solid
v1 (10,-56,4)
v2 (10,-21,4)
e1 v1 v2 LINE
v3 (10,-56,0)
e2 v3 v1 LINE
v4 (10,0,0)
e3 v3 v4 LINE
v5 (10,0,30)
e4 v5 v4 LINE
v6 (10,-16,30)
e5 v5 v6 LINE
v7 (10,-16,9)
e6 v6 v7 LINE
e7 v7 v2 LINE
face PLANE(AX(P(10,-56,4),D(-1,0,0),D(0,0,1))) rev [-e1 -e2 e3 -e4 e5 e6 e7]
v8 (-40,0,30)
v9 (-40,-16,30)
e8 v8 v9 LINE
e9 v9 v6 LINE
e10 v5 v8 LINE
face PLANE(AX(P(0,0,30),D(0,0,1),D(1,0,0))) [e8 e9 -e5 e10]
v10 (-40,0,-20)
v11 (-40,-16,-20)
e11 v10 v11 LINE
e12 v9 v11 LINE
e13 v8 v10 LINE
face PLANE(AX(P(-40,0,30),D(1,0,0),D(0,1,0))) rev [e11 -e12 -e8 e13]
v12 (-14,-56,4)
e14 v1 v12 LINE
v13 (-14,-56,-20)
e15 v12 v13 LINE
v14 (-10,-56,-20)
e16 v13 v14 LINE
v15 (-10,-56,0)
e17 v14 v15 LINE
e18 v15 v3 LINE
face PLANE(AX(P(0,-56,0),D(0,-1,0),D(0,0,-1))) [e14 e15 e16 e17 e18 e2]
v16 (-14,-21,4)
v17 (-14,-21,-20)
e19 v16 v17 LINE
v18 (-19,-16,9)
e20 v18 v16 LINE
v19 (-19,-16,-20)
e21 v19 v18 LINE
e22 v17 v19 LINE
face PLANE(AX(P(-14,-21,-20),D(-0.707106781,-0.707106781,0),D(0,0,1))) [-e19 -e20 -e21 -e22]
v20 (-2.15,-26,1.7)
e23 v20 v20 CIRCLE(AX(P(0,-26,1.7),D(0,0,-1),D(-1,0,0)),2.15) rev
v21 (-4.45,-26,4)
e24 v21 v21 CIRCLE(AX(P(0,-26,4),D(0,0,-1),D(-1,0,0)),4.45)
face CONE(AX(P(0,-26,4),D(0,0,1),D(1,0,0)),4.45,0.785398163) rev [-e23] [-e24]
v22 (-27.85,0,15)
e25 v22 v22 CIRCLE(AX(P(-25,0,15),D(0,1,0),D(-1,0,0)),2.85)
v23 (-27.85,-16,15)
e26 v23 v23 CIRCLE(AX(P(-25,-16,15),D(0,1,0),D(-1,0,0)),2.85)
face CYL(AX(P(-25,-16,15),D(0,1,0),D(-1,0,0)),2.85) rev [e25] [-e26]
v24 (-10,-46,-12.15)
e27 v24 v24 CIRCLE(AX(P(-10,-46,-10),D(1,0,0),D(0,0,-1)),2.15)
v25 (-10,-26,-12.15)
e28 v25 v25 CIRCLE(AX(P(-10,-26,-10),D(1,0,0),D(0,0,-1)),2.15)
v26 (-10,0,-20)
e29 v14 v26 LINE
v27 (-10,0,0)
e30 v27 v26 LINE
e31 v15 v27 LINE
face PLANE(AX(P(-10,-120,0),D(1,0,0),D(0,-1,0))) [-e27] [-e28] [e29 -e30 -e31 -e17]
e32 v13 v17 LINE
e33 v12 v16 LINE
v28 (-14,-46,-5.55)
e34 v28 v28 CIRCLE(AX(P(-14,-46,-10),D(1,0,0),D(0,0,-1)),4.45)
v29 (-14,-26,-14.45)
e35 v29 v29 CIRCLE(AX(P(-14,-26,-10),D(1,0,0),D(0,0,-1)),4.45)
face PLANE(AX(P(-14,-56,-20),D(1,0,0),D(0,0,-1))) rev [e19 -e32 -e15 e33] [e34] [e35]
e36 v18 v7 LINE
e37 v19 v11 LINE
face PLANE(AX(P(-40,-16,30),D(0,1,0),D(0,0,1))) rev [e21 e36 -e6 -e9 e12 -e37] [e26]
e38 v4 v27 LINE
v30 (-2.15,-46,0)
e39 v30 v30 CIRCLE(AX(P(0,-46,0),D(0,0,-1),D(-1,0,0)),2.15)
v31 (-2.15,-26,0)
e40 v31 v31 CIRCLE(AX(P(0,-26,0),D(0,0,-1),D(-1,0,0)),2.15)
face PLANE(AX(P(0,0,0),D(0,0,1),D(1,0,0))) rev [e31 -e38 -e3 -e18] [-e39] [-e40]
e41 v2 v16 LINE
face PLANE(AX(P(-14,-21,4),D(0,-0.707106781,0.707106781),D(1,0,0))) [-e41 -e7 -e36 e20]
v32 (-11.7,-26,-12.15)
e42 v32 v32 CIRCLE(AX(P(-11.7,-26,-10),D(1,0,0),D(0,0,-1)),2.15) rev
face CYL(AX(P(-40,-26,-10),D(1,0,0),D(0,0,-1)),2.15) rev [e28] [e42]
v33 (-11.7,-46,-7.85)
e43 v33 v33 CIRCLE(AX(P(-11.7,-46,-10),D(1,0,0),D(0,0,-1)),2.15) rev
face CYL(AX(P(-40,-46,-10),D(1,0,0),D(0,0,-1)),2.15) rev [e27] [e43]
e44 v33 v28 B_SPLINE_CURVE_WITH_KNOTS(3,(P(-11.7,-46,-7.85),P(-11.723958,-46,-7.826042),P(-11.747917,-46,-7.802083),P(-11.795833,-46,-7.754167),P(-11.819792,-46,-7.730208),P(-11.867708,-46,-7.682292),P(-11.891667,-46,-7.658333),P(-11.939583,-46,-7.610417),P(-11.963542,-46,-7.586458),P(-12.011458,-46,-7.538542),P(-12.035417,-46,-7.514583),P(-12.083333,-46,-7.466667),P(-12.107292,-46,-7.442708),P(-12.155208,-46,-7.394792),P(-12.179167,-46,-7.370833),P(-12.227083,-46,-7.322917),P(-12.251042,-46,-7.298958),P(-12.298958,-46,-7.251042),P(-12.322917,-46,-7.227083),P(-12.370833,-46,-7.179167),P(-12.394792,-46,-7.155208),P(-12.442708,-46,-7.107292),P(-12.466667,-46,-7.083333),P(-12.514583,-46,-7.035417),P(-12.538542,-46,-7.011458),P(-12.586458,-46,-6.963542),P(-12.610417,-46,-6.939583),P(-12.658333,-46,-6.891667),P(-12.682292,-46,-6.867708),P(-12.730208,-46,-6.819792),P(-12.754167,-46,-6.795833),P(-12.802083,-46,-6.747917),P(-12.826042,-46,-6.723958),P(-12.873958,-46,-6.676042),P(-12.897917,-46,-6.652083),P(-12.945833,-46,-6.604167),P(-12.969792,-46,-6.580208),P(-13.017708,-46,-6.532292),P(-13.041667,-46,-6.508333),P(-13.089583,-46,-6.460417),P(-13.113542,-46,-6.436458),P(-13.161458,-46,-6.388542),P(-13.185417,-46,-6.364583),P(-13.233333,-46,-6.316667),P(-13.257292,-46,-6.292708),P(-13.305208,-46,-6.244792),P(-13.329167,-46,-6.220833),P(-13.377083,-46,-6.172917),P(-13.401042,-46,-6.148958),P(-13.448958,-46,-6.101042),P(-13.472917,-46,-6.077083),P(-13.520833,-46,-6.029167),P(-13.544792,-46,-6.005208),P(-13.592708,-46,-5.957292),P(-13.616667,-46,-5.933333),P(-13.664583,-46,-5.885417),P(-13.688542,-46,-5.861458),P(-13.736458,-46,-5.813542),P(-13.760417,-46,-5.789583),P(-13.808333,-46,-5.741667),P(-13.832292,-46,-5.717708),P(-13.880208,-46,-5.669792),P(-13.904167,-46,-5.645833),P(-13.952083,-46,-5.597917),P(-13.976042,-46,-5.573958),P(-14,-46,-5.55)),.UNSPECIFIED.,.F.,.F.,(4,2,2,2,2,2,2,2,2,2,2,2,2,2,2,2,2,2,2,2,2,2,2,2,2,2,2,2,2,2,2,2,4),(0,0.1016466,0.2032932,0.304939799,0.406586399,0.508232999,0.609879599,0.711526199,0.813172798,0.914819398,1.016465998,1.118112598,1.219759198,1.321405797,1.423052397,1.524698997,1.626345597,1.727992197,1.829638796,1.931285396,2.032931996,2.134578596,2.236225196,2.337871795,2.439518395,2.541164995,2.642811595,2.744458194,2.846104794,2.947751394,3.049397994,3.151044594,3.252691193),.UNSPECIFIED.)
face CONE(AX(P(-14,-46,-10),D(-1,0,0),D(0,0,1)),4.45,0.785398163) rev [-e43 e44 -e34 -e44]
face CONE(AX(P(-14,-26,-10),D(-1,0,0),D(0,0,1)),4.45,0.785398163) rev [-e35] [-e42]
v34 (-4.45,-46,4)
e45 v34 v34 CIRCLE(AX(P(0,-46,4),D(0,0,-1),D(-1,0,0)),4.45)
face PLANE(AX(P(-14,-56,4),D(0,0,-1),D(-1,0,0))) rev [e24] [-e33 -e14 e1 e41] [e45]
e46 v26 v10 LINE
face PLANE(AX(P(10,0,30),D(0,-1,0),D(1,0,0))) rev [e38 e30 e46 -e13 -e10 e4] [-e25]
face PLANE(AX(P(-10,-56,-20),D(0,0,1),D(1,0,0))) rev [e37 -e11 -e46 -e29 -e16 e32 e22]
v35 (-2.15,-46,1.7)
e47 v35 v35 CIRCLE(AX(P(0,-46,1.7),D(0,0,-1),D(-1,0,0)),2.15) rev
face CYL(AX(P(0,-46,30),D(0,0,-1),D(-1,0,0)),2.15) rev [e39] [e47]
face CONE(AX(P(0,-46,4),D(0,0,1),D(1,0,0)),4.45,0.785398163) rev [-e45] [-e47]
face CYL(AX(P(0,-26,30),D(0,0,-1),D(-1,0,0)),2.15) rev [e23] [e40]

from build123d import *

# Parameters (mm, degrees)
BOSS_EXTRUDE1_DEPTH = 30
BOSS_EXTRUDE2_DEPTH = 30
SKETCH3_R           = 2.85
CUT_EXTRUDE1_DEPTH  = 67
SKETCH4_R           = 2.85
CUT_EXTRUDE2_DEPTH  = 67.627240093
SKETCH5_R           = 2.85
CUT_EXTRUDE3_DEPTH  = 67.462848717
BOSS_EXTRUDE3_DEPTH = 40
SKETCH7_R           = 2.15
CUT_EXTRUDE4_DEPTH  = 86.064681273
SKETCH8_R           = 2.15
CUT_EXTRUDE5_DEPTH  = 91.19977827
CHAMFER1_SIZE       = 2.3
CHAMFER2_SIZE       = 5
SKETCH9_W           = 30
SKETCH9_H           = 30
CUT_EXTRUDE6_DEPTH  = 76.498344353


with BuildPart() as part:
    # Sketch1 → Boss-Extrude1 (new body)
    with BuildSketch(Plane.XY):
        Polygon((10, 0), (40, -5.357142857), (38.099489796, -16), (-40, -16), (-40, 0), align=None)
    extrude(amount=BOSS_EXTRUDE1_DEPTH)

    # Sketch2 → Boss-Extrude2 (add)
    with BuildSketch(Plane.ZY.offset(40)):
        Polygon((0, 0), (-20, 0), (-50, -5.357142857), (-48.099489796, -16), (0, -16), align=None)
    extrude(amount=-BOSS_EXTRUDE2_DEPTH)

    # Sketch3 → Cut-Extrude1 (cut, through all)
    with BuildSketch(Plane(origin=(0, 0, 0), x_dir=(1, 0, 0), z_dir=(0, 1, 0))):
        with Locations(Location((-25, -15, 0), (0, 0, 180))):
            Circle(SKETCH3_R)
    extrude(amount=-CUT_EXTRUDE1_DEPTH, mode=Mode.SUBTRACT)

    # Sketch4 → Cut-Extrude2 (cut, through all)
    with BuildSketch(Plane(origin=(0.309023486, 1.73053152, 0), x_dir=(0.9844275755084806, -0.17579063848366547, 0), z_dir=(0.17579063848366547, 0.9844275755084806, 0))):
        with Locations(Location((25.081557169, -15, 0), (0, 0, 180))):
            Circle(SKETCH4_R)
    extrude(amount=-CUT_EXTRUDE2_DEPTH, mode=Mode.SUBTRACT)

    # Sketch5 → Cut-Extrude3 (cut, through all)
    with BuildSketch(Plane(origin=(0, 3.461063041, -0.618046972), x_dir=(1, 0, 0), z_dir=(0, 0.9844275755084821, -0.1757906384836575))):
        with Locations(Location((-25, 34.925832924, 0), (0, 0, 270))):
            Circle(SKETCH5_R)
    extrude(amount=-CUT_EXTRUDE3_DEPTH, mode=Mode.SUBTRACT)

    # Sketch6 → Boss-Extrude3 (add)
    with BuildSketch(Plane.XZ.offset(16)):
        Polygon((-10, 0), (-10, -20), (-14, -20), (-14, 4), (10, 4), (10, 0), align=None)
    extrude(amount=BOSS_EXTRUDE3_DEPTH)

    # Sketch7 → Cut-Extrude4 (cut, through all)
    with BuildSketch(Plane(origin=(0, 0, 0), x_dir=(-1, 0, 0), z_dir=(0, 0, -1))):
        with Locations((0, -46)):
            Circle(SKETCH7_R)
        with Locations((0, -26)):
            Circle(SKETCH7_R)
    extrude(amount=-CUT_EXTRUDE4_DEPTH, mode=Mode.SUBTRACT)

    # Sketch8 → Cut-Extrude5 (cut, through all)
    with BuildSketch(Plane(origin=(-10, 0, 0), x_dir=(0, 0, -1), z_dir=(1, 0, 0))):
        with Locations((10, -46)):
            Circle(SKETCH8_R)
        with Locations((10, -26)):
            Circle(SKETCH8_R)
    extrude(amount=-CUT_EXTRUDE5_DEPTH, mode=Mode.SUBTRACT)

    # Chamfer1
    chamfer1_edges = [part.edges().sort_by_distance(p)[0] for p in [
        (2.15, -46, 4),
        (2.15, -26, 4),
        (-14, -46, -7.85),
        (-14, -26, -7.85),
    ]]
    chamfer(chamfer1_edges, length=CHAMFER1_SIZE)

    # Chamfer2
    chamfer2_edges = [part.edges().sort_by_distance(p)[0] for p in [
        (-2, -16, 4),
        (-14, -16, -8),
    ]]
    chamfer(chamfer2_edges, length=CHAMFER2_SIZE)

    # Sketch9 → Cut-Extrude6 (cut, through all)
    with BuildSketch(Plane.XZ.offset(16)):
        with Locations((25, 15)):
            Rectangle(SKETCH9_W, SKETCH9_H)
        with Locations((-25, -35)):
            Rectangle(SKETCH9_W, SKETCH9_H)
    extrude(amount=-CUT_EXTRUDE6_DEPTH, mode=Mode.SUBTRACT)


solid = part.part
